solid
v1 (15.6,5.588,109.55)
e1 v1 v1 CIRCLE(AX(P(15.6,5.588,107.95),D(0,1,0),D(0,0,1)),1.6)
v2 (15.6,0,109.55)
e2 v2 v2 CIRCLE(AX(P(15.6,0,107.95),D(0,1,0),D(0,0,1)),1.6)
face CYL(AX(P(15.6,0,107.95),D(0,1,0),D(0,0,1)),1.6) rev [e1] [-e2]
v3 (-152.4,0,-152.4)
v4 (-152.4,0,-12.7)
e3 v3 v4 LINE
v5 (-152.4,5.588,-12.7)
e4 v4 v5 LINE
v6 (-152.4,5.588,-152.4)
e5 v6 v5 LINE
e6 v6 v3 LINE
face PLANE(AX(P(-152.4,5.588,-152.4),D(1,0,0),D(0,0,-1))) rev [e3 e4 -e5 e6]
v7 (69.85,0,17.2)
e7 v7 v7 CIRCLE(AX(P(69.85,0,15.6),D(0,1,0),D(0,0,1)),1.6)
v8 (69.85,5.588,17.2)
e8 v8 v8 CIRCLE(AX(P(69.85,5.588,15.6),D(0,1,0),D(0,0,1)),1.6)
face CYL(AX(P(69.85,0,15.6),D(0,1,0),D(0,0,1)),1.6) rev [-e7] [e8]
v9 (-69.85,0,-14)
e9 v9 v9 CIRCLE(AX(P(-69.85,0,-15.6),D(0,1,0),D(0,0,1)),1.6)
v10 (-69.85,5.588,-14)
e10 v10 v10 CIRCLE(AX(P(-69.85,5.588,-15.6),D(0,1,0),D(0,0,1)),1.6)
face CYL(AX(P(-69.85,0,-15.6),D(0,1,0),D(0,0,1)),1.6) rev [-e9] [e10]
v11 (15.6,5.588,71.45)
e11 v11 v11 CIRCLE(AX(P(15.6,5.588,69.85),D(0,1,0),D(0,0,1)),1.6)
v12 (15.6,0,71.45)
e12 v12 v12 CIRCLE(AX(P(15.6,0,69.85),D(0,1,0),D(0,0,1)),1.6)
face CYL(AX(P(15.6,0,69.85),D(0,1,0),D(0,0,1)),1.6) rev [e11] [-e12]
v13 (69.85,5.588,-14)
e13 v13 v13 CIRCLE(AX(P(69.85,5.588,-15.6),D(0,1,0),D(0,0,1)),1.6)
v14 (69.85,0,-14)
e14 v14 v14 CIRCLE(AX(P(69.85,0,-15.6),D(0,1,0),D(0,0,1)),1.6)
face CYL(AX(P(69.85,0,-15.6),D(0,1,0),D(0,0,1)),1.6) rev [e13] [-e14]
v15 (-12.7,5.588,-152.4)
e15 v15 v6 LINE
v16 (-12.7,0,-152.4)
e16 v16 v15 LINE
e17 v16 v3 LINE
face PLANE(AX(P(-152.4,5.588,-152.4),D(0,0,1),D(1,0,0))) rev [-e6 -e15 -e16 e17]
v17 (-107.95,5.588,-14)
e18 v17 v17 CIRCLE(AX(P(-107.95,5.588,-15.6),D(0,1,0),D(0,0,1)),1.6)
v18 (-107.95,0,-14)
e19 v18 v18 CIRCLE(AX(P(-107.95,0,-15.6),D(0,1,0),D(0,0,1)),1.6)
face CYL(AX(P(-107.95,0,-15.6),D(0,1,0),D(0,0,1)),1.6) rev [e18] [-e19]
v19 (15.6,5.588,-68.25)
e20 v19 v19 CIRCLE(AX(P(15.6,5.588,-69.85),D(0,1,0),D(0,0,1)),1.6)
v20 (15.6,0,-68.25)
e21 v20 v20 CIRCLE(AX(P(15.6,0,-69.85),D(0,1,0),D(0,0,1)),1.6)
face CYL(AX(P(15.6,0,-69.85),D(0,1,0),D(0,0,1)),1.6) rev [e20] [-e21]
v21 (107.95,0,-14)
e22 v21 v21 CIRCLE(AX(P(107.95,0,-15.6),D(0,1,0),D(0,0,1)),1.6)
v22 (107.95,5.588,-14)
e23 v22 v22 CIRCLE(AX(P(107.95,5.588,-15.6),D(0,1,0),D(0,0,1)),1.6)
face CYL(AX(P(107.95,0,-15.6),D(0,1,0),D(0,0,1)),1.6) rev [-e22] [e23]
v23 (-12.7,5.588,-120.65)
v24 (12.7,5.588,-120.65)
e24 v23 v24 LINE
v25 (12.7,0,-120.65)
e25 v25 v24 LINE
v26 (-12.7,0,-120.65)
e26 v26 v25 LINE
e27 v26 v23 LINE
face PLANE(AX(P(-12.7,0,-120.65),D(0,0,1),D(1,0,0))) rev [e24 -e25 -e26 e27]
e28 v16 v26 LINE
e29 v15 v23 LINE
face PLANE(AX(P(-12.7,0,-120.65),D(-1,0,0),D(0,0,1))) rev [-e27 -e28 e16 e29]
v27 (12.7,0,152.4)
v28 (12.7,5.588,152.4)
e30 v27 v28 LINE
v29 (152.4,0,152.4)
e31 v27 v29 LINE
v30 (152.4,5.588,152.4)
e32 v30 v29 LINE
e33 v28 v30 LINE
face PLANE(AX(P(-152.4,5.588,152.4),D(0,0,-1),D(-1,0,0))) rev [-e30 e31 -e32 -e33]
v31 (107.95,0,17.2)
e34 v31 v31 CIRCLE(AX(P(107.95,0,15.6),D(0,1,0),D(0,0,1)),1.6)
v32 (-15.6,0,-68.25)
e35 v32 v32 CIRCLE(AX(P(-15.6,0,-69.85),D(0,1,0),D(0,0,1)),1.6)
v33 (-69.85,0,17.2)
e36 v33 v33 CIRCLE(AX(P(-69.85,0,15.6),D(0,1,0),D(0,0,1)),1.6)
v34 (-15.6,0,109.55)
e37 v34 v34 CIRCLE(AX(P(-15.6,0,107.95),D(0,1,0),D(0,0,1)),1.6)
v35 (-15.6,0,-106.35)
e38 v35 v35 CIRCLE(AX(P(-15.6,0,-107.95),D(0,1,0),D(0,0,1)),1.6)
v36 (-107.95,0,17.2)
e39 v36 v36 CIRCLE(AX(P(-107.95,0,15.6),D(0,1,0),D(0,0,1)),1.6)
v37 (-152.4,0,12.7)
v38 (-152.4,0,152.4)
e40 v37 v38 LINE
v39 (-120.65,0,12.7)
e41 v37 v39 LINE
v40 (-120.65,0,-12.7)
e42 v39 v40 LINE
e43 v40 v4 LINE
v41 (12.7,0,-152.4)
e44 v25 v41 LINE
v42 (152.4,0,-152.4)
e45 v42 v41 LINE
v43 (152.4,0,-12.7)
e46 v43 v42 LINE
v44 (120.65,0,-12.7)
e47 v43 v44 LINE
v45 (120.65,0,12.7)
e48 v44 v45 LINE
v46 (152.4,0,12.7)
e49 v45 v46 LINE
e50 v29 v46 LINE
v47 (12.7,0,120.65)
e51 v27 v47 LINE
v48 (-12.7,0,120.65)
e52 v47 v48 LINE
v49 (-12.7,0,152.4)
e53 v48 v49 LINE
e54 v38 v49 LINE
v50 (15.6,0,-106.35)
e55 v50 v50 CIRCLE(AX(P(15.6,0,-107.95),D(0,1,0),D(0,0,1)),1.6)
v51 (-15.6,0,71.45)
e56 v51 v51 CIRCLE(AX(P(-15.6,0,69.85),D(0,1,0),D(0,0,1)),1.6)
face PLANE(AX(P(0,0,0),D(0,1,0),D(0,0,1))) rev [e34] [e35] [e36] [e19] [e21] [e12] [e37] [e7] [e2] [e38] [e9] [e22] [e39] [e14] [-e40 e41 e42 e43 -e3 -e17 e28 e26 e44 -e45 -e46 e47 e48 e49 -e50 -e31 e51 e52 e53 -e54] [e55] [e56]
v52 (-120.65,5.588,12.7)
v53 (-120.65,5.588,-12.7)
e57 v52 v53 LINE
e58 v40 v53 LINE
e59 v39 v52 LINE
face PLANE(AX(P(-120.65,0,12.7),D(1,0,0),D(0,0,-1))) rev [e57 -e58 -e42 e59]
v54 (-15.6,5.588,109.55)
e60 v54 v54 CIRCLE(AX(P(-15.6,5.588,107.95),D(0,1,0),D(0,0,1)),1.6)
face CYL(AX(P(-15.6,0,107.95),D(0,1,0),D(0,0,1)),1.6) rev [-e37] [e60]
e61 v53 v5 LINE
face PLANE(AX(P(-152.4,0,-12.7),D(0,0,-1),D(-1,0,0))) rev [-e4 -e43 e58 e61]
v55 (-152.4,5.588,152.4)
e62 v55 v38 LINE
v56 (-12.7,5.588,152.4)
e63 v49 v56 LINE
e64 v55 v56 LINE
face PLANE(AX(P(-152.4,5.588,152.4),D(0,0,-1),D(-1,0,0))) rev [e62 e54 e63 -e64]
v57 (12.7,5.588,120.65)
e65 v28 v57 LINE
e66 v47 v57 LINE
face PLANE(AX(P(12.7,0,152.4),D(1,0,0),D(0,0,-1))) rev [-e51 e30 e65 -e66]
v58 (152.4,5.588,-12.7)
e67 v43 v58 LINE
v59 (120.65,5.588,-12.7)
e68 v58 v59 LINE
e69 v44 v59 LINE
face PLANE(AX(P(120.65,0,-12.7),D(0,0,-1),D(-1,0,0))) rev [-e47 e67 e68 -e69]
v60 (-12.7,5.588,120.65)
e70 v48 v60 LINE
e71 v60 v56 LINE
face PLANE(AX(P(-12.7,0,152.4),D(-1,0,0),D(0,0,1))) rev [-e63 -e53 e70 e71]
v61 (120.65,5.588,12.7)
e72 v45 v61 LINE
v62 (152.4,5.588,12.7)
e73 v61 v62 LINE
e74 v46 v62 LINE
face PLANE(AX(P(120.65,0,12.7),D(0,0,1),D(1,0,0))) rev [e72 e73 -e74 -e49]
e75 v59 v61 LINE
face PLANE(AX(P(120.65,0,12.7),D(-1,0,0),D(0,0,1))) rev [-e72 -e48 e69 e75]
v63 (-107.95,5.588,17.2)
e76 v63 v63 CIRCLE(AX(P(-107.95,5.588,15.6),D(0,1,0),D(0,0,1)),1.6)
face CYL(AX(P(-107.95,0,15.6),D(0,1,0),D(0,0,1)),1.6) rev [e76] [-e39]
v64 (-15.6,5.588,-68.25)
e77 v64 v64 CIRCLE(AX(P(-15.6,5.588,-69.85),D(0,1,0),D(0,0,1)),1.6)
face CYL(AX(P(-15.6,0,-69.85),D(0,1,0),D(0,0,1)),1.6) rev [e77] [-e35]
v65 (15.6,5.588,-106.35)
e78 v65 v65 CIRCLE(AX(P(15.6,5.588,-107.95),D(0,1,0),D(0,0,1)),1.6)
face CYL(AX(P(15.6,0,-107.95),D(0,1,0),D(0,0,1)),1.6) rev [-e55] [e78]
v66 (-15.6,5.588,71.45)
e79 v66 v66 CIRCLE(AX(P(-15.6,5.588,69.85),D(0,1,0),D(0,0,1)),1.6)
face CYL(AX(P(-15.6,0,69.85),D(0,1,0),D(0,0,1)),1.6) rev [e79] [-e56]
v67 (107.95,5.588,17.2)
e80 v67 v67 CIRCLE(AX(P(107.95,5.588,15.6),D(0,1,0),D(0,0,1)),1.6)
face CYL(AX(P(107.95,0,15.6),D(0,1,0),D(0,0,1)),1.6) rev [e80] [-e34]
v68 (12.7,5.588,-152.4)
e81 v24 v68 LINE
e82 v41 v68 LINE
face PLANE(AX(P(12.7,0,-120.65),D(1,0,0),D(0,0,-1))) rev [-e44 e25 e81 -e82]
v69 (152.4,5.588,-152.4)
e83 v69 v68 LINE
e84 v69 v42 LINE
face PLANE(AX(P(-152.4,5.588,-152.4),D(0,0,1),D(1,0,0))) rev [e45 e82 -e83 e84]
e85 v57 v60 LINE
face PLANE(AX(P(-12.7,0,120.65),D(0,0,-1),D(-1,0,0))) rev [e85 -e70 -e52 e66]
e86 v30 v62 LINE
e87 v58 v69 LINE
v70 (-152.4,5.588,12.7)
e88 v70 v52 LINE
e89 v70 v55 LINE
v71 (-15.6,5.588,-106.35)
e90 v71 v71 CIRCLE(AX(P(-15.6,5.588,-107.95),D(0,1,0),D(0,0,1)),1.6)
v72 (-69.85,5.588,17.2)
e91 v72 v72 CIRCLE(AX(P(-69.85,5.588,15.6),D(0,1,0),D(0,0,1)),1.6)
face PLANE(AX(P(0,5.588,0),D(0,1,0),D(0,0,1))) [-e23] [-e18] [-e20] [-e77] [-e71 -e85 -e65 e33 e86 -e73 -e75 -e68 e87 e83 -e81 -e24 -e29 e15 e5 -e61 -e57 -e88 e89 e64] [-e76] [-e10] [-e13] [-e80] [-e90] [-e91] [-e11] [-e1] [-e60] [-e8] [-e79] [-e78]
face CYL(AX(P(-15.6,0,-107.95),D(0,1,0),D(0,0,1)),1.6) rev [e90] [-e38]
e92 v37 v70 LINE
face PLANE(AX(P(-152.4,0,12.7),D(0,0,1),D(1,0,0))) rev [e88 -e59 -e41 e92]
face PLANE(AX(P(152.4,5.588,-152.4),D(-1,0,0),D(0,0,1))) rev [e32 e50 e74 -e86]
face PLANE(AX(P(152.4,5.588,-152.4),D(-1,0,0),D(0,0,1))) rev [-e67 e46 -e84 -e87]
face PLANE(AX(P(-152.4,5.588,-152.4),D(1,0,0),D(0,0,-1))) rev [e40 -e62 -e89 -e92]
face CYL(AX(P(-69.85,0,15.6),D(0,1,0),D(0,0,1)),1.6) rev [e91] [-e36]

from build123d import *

# Parameters (mm, degrees)
SKETCH1_W           = 304.8
SKETCH1_H           = 304.8
BOSS_EXTRUDE1_DEPTH = 5.588
SKETCH2_R           = 1.6
SKETCH2_W           = 31.75
SKETCH2_H           = 25.4
SKETCH2_W_2         = 25.4
SKETCH2_H_2         = 31.75
CUT_EXTRUDE1_DEPTH  = 216.598575468


with BuildPart() as part:
    # Sketch1 → Boss-Extrude1 (new body)
    with BuildSketch(Plane(origin=(0, 0, 0), x_dir=(1, 0, 0), z_dir=(0, 1, 0))):
        Rectangle(SKETCH1_W, SKETCH1_H)
    extrude(amount=BOSS_EXTRUDE1_DEPTH)

    # Sketch2 → Cut-Extrude1 (cut, through all)
    with BuildSketch(Plane(origin=(0, 5.588, 0), x_dir=(1, 0, 0), z_dir=(0, 1, 0))):
        with Locations(Location((-107.95, 15.6, 0), (0, 0, 270))):
            Circle(SKETCH2_R)
        with Locations(Location((-69.85, 15.6, 0), (0, 0, 270))):
            Circle(SKETCH2_R)
        with Locations(Location((-107.95, -15.6, 0), (0, 0, 270))):
            Circle(SKETCH2_R)
        with Locations(Location((-69.85, -15.6, 0), (0, 0, 270))):
            Circle(SKETCH2_R)
        with Locations(Location((-15.6, -69.85, 0), (0, 0, 270))):
            Circle(SKETCH2_R)
        with Locations(Location((15.6, -69.85, 0), (0, 0, 270))):
            Circle(SKETCH2_R)
        with Locations(Location((-15.6, -107.95, 0), (0, 0, 270))):
            Circle(SKETCH2_R)
        with Locations(Location((15.6, -107.95, 0), (0, 0, 270))):
            Circle(SKETCH2_R)
        with Locations(Location((69.85, -15.6, 0), (0, 0, 270))):
            Circle(SKETCH2_R)
        with Locations(Location((69.85, 15.6, 0), (0, 0, 270))):
            Circle(SKETCH2_R)
        with Locations(Location((107.95, 15.6, 0), (0, 0, 270))):
            Circle(SKETCH2_R)
        with Locations(Location((107.95, -15.6, 0), (0, 0, 270))):
            Circle(SKETCH2_R)
        with Locations(Location((-15.6, 69.85, 0), (0, 0, 270))):
            Circle(SKETCH2_R)
        with Locations(Location((-15.6, 107.95, 0), (0, 0, 270))):
            Circle(SKETCH2_R)
        with Locations(Location((15.6, 107.95, 0), (0, 0, 270))):
            Circle(SKETCH2_R)
        with Locations(Location((15.6, 69.85, 0), (0, 0, 270))):
            Circle(SKETCH2_R)
        with Locations((-136.525, 0)):
            Rectangle(SKETCH2_W, SKETCH2_H)
        with Locations((0, 136.525)):
            Rectangle(SKETCH2_W_2, SKETCH2_H_2)
        with Locations((136.525, 0)):
            Rectangle(SKETCH2_W, SKETCH2_H)
        with Locations((0, -136.525)):
            Rectangle(SKETCH2_W_2, SKETCH2_H_2)
    extrude(amount=-CUT_EXTRUDE1_DEPTH, mode=Mode.SUBTRACT)


solid = part.part
